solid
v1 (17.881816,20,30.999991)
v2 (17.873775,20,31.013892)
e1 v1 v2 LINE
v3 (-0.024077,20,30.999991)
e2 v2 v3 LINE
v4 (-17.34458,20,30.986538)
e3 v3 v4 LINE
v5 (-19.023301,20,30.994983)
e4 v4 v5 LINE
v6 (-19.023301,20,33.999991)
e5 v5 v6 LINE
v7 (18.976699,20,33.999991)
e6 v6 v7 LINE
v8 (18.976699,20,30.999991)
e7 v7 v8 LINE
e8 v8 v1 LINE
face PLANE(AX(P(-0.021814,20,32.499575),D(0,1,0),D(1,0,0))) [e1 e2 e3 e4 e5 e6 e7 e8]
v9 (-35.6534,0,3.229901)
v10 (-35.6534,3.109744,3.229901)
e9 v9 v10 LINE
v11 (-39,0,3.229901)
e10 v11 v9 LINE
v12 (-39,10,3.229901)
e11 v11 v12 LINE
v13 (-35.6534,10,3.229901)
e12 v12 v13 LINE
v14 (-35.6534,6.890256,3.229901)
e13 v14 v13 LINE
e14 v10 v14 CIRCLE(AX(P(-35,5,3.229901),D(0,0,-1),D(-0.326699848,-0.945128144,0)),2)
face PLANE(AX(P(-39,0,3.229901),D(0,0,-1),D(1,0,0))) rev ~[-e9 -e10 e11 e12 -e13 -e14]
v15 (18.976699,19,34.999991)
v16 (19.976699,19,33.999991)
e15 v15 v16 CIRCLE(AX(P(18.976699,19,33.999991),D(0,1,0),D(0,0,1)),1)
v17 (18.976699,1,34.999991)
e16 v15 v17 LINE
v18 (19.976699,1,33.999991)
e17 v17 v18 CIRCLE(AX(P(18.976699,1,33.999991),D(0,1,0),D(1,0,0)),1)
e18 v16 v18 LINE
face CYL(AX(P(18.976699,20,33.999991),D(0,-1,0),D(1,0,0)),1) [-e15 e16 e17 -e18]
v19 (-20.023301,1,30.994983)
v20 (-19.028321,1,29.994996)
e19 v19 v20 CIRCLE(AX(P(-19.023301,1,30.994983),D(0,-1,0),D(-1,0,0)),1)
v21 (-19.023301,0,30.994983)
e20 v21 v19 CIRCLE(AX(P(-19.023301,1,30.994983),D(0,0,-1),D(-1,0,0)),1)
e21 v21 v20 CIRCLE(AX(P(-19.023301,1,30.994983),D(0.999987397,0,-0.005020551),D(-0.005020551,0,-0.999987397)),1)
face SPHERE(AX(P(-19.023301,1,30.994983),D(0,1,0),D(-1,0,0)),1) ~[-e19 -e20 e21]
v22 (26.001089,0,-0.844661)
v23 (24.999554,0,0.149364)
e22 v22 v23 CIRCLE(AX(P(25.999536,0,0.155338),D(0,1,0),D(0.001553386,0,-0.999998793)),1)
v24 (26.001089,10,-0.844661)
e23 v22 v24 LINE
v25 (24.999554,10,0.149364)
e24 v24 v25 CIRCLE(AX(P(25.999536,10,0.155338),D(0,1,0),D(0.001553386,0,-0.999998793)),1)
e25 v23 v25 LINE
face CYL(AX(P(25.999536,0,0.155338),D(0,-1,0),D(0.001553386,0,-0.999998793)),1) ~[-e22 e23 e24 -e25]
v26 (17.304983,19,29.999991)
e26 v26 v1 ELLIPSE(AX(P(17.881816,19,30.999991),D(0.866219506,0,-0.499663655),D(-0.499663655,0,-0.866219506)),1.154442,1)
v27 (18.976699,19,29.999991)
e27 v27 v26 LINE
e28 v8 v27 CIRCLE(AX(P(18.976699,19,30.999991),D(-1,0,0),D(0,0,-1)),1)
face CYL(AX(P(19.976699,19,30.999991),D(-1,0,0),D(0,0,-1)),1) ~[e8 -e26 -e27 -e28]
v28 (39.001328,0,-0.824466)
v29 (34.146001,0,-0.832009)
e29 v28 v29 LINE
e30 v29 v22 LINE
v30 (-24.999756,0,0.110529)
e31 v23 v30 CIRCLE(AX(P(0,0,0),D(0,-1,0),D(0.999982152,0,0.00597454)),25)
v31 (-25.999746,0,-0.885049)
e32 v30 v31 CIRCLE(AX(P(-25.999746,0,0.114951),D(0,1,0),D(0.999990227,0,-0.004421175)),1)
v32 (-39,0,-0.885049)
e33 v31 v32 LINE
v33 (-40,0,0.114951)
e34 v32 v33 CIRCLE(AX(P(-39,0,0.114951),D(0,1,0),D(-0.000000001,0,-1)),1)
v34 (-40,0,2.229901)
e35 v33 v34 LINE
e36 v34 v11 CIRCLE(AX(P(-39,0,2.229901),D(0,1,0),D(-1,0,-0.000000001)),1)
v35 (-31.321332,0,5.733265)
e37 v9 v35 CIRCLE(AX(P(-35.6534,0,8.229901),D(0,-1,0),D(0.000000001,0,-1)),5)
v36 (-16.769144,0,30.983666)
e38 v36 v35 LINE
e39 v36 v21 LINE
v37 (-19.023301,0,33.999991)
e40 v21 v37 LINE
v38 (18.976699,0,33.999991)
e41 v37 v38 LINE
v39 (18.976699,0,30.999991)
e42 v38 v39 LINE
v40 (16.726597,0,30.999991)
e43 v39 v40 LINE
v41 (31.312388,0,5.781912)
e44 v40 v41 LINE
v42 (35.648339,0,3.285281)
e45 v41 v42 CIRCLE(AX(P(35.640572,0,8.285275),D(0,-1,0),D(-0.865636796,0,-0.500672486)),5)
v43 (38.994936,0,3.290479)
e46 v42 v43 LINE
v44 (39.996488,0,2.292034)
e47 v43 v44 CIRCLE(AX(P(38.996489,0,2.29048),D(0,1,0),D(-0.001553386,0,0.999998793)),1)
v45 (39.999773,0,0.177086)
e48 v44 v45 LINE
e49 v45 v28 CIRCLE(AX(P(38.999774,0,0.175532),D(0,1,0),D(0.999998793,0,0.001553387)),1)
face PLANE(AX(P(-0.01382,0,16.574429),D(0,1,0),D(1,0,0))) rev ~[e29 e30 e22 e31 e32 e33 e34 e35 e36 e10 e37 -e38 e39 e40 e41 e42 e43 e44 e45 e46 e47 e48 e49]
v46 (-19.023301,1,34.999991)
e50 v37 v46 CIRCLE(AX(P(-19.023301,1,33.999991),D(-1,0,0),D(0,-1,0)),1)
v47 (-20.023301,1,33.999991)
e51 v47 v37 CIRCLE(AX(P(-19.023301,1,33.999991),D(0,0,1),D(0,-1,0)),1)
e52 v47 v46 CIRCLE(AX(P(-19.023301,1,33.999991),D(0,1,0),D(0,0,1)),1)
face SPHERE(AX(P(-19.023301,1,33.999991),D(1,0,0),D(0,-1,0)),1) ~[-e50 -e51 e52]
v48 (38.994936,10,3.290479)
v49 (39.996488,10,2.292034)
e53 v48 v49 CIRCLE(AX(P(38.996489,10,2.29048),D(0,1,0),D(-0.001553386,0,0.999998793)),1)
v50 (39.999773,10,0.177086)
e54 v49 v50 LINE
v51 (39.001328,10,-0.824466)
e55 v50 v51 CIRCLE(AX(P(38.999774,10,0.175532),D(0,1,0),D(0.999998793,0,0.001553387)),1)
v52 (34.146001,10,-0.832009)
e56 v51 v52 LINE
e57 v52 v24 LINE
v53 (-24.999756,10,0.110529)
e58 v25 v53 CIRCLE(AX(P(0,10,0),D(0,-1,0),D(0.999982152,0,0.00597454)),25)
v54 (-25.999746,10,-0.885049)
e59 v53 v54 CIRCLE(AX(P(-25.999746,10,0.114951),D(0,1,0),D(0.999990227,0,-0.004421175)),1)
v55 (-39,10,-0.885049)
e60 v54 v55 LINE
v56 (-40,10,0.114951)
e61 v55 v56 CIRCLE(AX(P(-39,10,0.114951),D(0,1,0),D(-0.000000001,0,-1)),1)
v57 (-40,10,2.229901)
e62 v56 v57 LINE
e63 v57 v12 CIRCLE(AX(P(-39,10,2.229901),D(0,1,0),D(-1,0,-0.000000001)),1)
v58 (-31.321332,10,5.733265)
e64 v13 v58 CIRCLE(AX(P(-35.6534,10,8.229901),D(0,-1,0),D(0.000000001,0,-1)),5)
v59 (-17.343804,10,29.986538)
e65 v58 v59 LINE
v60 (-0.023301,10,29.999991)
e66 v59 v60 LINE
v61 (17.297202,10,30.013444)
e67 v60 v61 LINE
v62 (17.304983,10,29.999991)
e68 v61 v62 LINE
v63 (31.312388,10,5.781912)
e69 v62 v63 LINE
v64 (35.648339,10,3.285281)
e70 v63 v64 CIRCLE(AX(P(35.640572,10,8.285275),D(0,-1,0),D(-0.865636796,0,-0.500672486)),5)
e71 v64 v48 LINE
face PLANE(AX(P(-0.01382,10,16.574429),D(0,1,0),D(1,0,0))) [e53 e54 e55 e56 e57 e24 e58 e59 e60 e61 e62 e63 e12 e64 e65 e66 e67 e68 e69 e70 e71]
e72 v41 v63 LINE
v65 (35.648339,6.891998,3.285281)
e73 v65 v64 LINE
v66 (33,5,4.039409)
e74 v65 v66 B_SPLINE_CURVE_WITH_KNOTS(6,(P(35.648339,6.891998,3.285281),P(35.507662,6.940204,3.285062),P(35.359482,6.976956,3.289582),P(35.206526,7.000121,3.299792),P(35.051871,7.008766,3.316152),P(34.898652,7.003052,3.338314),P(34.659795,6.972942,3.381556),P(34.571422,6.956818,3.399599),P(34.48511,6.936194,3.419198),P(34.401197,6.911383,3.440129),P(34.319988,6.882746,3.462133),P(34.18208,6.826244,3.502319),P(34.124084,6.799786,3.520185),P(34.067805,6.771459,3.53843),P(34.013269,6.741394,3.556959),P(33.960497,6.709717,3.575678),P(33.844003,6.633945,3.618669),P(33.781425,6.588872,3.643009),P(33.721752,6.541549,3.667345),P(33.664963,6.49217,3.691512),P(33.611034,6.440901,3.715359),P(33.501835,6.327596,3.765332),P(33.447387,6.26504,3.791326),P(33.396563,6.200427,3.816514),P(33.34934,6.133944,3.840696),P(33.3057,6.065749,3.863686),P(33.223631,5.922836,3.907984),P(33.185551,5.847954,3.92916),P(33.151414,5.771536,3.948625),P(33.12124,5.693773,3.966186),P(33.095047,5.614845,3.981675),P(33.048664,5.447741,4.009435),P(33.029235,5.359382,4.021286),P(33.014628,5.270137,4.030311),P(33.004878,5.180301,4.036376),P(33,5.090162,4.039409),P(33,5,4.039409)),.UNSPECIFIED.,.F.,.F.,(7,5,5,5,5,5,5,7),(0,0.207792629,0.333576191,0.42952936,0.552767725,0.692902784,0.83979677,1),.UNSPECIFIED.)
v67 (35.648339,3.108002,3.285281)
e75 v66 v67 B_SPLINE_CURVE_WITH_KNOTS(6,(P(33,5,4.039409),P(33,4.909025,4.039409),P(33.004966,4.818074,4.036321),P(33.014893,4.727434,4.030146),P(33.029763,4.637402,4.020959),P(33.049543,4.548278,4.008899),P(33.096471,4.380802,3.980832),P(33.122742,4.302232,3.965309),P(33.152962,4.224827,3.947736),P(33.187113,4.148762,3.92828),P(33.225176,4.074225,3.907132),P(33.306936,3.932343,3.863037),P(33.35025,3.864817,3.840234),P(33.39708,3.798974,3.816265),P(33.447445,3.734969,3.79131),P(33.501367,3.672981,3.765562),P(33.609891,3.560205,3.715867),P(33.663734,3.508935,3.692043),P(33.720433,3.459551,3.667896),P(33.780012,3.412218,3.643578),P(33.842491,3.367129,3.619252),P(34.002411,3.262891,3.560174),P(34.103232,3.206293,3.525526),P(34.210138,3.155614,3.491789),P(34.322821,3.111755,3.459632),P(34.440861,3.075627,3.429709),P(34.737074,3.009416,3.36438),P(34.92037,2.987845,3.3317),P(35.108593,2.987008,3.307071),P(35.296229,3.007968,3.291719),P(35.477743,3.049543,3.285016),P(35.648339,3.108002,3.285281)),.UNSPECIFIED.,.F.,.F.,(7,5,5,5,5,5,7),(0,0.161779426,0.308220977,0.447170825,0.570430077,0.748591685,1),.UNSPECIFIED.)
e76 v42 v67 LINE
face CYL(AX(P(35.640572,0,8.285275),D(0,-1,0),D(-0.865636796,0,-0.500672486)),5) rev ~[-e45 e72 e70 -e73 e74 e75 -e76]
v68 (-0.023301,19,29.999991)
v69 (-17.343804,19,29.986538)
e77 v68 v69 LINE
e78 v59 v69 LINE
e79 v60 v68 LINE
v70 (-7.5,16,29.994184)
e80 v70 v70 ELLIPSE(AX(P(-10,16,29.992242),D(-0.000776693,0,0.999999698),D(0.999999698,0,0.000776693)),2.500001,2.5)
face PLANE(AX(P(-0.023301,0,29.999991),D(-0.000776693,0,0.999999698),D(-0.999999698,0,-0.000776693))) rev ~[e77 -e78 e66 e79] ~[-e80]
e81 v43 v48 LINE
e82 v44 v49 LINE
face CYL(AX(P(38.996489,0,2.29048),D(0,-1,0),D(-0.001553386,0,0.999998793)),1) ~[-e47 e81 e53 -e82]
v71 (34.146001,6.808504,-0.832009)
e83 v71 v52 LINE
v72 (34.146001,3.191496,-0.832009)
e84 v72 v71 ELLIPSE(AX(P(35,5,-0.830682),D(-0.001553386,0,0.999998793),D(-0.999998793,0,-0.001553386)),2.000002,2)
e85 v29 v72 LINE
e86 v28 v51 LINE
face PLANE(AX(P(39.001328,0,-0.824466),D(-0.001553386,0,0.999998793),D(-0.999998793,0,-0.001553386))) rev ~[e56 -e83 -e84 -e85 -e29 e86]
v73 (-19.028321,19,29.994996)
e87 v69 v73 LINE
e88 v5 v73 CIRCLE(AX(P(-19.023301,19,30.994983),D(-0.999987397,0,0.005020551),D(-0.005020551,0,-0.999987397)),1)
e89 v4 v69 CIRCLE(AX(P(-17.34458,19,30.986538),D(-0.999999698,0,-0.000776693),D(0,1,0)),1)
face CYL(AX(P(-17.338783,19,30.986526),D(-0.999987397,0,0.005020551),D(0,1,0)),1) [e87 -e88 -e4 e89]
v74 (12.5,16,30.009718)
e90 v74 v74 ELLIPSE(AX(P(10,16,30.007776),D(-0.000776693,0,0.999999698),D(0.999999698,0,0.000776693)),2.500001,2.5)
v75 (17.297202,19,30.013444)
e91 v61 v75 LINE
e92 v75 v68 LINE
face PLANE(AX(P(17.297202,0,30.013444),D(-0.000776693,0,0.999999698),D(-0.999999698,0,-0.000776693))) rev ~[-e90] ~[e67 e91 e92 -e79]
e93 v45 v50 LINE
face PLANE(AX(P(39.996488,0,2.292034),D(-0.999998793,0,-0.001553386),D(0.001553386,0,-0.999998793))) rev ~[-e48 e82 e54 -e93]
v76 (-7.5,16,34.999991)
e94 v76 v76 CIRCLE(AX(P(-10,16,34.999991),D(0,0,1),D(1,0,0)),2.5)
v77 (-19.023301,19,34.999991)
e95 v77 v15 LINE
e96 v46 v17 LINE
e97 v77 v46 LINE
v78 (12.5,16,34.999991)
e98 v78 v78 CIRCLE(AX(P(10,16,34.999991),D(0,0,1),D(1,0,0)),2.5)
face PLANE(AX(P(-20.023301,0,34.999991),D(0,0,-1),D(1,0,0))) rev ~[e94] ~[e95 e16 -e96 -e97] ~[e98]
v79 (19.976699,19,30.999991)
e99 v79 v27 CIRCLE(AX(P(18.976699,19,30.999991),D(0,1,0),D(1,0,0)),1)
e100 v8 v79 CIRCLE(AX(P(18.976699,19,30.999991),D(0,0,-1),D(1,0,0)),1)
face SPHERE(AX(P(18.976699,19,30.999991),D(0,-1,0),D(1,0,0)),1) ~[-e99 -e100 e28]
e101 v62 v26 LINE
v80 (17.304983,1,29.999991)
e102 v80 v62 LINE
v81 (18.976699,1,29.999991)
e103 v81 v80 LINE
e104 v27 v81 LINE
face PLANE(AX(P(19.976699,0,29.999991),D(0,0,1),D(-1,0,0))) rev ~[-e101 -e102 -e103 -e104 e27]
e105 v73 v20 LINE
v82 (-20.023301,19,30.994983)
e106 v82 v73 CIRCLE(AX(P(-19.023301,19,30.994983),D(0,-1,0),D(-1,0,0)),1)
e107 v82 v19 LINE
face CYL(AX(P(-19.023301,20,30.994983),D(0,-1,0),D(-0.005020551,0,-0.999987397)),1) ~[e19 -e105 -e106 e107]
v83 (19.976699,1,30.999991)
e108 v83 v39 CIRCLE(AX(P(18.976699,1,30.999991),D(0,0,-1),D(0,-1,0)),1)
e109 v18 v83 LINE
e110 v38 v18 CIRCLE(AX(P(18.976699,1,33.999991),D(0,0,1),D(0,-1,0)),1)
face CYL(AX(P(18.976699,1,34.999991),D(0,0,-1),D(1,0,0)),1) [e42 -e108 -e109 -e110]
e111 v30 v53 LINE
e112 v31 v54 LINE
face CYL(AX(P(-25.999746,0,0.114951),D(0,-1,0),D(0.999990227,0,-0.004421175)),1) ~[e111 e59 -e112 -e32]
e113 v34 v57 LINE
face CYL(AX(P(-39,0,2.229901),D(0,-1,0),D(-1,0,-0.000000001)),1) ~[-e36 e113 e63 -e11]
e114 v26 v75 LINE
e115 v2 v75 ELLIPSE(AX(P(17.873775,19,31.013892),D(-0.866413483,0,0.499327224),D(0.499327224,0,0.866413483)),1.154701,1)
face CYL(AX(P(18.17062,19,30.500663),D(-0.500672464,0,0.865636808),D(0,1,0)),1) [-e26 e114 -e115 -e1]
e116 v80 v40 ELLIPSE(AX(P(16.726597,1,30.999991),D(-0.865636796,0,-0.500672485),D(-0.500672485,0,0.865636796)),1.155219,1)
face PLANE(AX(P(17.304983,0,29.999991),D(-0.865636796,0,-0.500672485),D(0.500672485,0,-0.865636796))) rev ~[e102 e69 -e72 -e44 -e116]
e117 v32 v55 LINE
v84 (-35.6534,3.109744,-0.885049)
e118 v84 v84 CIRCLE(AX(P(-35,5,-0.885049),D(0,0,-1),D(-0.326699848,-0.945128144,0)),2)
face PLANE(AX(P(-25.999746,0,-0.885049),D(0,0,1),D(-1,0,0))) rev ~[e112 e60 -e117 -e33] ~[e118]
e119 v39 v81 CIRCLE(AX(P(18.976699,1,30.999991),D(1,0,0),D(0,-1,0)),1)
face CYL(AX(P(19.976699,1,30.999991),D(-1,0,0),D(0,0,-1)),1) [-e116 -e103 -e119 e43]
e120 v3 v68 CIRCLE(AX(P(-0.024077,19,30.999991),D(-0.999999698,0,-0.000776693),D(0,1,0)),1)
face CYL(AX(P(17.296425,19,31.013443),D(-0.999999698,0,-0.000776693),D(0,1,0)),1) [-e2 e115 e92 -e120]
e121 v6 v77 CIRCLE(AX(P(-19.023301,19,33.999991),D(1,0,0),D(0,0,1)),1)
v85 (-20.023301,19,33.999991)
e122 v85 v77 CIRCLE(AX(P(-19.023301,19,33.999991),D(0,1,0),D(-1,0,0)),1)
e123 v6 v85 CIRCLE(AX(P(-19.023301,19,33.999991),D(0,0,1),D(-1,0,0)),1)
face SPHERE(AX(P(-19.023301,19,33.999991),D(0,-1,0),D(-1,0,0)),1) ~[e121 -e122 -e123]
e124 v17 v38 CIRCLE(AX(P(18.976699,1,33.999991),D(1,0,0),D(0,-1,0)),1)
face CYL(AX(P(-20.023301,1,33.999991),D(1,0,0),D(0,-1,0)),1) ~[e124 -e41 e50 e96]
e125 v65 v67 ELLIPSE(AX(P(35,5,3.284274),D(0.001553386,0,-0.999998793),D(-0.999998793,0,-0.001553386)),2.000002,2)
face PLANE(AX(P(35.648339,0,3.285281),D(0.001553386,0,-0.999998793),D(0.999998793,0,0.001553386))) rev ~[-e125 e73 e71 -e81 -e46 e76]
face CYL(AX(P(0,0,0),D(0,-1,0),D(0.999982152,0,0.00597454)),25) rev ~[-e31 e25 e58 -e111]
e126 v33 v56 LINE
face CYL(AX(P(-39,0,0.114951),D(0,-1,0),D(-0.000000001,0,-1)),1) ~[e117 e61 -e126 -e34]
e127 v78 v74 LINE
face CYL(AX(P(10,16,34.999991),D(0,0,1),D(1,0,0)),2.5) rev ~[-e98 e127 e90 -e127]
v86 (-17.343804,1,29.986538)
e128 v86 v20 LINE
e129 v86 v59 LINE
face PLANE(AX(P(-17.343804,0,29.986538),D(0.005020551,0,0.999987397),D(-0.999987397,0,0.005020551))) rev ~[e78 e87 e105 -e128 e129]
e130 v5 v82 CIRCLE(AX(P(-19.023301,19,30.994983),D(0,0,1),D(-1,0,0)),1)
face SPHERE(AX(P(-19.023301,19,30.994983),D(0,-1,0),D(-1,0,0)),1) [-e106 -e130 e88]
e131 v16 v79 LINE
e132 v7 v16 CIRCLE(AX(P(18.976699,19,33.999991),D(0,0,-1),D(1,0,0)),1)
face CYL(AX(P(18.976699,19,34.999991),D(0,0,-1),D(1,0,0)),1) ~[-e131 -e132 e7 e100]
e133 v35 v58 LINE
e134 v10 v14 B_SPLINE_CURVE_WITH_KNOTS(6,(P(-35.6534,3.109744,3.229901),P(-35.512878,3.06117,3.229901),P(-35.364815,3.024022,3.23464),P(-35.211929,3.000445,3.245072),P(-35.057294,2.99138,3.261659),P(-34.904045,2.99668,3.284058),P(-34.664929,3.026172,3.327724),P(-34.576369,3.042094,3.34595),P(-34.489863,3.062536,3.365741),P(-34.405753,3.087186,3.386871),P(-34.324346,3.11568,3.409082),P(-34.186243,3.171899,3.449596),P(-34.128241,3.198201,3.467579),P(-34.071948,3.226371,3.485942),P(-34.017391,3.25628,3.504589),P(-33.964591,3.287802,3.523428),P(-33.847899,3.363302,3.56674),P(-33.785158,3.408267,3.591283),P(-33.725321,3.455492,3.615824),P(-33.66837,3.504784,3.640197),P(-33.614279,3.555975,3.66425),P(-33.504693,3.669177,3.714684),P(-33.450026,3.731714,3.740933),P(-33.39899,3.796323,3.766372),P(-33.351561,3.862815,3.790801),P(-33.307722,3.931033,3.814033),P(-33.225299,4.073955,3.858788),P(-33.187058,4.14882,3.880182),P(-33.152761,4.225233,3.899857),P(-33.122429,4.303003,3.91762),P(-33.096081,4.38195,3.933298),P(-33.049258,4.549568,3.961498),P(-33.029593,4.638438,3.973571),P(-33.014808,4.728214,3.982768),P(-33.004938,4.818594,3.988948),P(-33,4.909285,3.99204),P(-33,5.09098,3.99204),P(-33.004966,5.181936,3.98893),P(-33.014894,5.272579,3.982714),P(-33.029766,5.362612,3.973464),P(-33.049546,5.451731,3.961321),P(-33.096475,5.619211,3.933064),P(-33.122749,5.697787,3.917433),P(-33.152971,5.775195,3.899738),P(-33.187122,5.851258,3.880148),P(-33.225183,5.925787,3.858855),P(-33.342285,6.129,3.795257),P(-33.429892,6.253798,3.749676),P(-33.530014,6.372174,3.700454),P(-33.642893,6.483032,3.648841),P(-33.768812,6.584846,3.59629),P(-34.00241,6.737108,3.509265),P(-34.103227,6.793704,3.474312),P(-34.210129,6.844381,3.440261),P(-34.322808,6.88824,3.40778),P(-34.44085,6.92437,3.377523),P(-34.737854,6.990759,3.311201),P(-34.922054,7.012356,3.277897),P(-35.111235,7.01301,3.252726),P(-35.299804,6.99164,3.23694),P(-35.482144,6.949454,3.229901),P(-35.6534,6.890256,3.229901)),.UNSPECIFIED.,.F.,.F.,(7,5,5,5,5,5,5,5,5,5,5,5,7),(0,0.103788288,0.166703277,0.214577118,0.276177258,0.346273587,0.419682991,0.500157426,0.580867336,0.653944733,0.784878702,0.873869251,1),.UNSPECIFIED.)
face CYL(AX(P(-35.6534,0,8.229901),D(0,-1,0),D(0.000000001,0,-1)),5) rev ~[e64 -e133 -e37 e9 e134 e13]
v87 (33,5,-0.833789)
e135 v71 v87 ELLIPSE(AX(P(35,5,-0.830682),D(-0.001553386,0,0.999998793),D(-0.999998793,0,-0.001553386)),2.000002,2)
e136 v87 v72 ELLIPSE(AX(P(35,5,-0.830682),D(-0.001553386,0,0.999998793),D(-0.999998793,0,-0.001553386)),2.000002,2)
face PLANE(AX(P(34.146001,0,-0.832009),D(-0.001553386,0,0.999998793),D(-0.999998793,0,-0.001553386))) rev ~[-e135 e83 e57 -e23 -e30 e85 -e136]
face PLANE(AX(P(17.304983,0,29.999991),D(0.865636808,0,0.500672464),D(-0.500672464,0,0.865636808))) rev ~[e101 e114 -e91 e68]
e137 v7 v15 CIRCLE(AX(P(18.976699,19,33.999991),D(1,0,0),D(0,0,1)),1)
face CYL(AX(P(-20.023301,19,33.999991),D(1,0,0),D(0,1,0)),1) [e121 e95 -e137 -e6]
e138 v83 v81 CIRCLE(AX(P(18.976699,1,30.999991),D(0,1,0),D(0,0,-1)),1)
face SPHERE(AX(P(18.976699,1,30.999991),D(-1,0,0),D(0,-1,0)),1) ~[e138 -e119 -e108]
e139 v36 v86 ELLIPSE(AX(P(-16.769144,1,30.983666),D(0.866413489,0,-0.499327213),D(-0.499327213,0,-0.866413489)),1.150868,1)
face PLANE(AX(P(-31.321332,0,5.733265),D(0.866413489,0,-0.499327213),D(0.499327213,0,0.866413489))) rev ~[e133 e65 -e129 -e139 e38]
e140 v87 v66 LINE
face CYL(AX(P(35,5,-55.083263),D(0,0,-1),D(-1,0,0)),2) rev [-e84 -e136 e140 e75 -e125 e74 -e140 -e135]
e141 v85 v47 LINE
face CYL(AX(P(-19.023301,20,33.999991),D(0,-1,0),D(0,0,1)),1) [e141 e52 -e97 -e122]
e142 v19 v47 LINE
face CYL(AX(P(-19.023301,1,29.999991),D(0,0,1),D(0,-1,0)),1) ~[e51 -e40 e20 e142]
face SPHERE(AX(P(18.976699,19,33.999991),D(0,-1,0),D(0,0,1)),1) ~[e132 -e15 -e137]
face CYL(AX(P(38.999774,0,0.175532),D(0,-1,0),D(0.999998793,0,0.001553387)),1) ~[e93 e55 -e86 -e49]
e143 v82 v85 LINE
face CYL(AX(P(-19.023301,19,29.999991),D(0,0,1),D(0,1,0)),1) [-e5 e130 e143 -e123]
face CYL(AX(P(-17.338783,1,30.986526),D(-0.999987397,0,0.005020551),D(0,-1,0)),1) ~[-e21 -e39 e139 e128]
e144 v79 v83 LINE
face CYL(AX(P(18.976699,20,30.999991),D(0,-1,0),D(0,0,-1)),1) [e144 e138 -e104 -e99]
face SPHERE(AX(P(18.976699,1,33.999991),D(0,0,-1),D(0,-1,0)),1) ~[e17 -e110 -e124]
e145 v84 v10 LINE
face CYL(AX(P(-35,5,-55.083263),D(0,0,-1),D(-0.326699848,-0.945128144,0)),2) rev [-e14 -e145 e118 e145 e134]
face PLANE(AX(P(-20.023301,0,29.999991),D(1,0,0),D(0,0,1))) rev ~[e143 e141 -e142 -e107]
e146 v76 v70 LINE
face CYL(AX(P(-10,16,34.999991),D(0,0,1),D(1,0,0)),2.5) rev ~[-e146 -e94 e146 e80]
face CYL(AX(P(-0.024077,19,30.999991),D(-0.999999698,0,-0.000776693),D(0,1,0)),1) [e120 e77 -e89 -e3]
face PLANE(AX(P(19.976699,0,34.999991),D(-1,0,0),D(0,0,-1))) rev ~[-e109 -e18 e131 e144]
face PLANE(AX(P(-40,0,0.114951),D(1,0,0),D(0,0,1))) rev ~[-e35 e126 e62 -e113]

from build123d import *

# Parameters (mm, degrees)
EXTRUDE_2_DEPTH          = 10
CUT_EXTRUDE_1_DEPTH      = 55.083263276
CUT_EXTRUDE_1_DEPTH_BACK = 55.083263276
SKETCH_2_R               = 2
EXTRUDE_4_DEPTH          = 20
SKETCH_4_R               = 2.5
CUT_EXTRUDE_2_DEPTH      = 20
FILLET_1_R               = 1


with BuildPart() as part:
    # 草图1 → 凸台-拉伸2 (new body)
    with BuildSketch(Plane(origin=(0, 0, 0), x_dir=(1, 0, 0), z_dir=(0, 1, 0))):
        with BuildLine():
            Line((19.976699203, -29.999990951), (17.304982924, -29.999990951))
            Line((17.304982924, -29.999990951), (31.312388487, -5.781912211))
            ThreePointArc((31.312388487, -5.781912211), (33.145618934, -3.952237958), (35.648339397, -3.28528067))
            Line((35.648339397, -3.28528067), (38.994935663, -3.290479232))
            ThreePointArc((38.994935663, -3.290479232), (39.702496567, -2.998684777), (39.996487843, -2.292033825))
            Line((39.996487843, -2.292033825), (39.999773177, -0.177085839))
            ThreePointArc((39.999773177, -0.177085839), (39.707978722, 0.530475065), (39.00132777, 0.82446634))
            Line((39.00132777, 0.82446634), (34.146000565, 0.832008547))
            Line((34.146000565, 0.832008547), (26.001089345, 0.844660753))
            ThreePointArc((26.001089345, 0.844660753), (25.295095717, 0.554425262), (24.999553807, -0.1493635))
            ThreePointArc((24.999553807, -0.1493635), (-0.019417331, -24.999992459), (-24.999755664, -0.110529363))
            ThreePointArc((-24.999755664, -0.110529363), (-25.294203962, 0.593717641), (-25.999745891, 0.885049463))
            Line((-25.999745891, 0.885049463), (-39, 0.885049463))
            ThreePointArc((-39, 0.885049463), (-39.707106781, 0.592156244), (-40, -0.114950537))
            Line((-40, -0.114950537), (-40, -2.229901074))
            ThreePointArc((-40, -2.229901074), (-39.707106781, -2.937007856), (-39, -3.229901074))
            Line((-39, -3.229901074), (-35.653399696, -3.229901074))
            ThreePointArc((-35.653399696, -3.229901074), (-33.151718295, -3.900745249), (-31.32133225, -5.733265009))
            Line((-31.32133225, -5.733265009), (-17.343803649, -29.98653823))
            Line((-17.343803649, -29.98653823), (-20.023300797, -29.999990951))
            Line((-20.023300797, -29.999990951), (-20.023300797, -34.999990951))
            Line((-20.023300797, -34.999990951), (19.976699203, -34.999990951))
            Line((19.976699203, -34.999990951), (19.976699203, -29.999990951))
        make_face()
    extrude(amount=EXTRUDE_2_DEPTH)

    # 草图2 → 切除-拉伸1 (cut, two sides: drawn at the far end of the back side and taken through both)
    with BuildSketch(Plane.XY.offset(-CUT_EXTRUDE_1_DEPTH_BACK)):
        with Locations((-35, 5)):
            Circle(SKETCH_2_R)
        with Locations((35, 5)):
            Circle(SKETCH_2_R)
    extrude(amount=CUT_EXTRUDE_1_DEPTH + CUT_EXTRUDE_1_DEPTH_BACK, mode=Mode.SUBTRACT)

    # 草图1<6> → 凸台-拉伸4 (add)
    with BuildSketch(Plane(origin=(0, 0, 0), x_dir=(1, 0, 0), z_dir=(0, 1, 0))):
        Polygon((17.304982924, -29.999990951), (17.297202054, -30.013443673), (-0.023300797, -29.999990951), (-17.343803649, -29.98653823), (-20.023300797, -29.999990951), (-20.023300797, -34.999990951), (19.976699203, -34.999990951), (19.976699203, -29.999990951), align=None)
    extrude(amount=EXTRUDE_4_DEPTH)

    # 草图4 → 切除-拉伸2 (cut)
    with BuildSketch(Plane.XY.offset(34.999990951)):
        with Locations((10, 16)):
            Circle(SKETCH_4_R)
        with Locations((-10, 16)):
            Circle(SKETCH_4_R)
    extrude(amount=-CUT_EXTRUDE_2_DEPTH, mode=Mode.SUBTRACT)

    # 圆角1
    fillet_1_edges = [part.edges().sort_by_distance(p)[0] for p in [
        (-20.023300797, 10, 29.999990951),
        (-20.023300797, 10, 34.999990951),
        (-20.023300797, 0, 32.499990951),
        (19.976699203, 10, 34.999990951),
        (19.976699203, 10, 29.999990951),
        (19.976699203, 0, 32.499990951),
        (17.301092489, 20, 30.006717312),
        (18.640841063, 20, 29.999990951),
        (19.976699203, 20, 32.499990951),
        (-0.023300797, 20, 34.999990951),
        (-20.023300797, 20, 32.499990951),
        (-18.683552223, 20, 29.99326459),
        (-0.023300797, 20, 29.999990951),
        (-18.683552223, 0, 29.99326459),
        (18.640841063, 0, 29.999990951),
        (-0.023300797, 0, 34.999990951),
    ]]
    fillet(fillet_1_edges, radius=FILLET_1_R)


solid = part.part
